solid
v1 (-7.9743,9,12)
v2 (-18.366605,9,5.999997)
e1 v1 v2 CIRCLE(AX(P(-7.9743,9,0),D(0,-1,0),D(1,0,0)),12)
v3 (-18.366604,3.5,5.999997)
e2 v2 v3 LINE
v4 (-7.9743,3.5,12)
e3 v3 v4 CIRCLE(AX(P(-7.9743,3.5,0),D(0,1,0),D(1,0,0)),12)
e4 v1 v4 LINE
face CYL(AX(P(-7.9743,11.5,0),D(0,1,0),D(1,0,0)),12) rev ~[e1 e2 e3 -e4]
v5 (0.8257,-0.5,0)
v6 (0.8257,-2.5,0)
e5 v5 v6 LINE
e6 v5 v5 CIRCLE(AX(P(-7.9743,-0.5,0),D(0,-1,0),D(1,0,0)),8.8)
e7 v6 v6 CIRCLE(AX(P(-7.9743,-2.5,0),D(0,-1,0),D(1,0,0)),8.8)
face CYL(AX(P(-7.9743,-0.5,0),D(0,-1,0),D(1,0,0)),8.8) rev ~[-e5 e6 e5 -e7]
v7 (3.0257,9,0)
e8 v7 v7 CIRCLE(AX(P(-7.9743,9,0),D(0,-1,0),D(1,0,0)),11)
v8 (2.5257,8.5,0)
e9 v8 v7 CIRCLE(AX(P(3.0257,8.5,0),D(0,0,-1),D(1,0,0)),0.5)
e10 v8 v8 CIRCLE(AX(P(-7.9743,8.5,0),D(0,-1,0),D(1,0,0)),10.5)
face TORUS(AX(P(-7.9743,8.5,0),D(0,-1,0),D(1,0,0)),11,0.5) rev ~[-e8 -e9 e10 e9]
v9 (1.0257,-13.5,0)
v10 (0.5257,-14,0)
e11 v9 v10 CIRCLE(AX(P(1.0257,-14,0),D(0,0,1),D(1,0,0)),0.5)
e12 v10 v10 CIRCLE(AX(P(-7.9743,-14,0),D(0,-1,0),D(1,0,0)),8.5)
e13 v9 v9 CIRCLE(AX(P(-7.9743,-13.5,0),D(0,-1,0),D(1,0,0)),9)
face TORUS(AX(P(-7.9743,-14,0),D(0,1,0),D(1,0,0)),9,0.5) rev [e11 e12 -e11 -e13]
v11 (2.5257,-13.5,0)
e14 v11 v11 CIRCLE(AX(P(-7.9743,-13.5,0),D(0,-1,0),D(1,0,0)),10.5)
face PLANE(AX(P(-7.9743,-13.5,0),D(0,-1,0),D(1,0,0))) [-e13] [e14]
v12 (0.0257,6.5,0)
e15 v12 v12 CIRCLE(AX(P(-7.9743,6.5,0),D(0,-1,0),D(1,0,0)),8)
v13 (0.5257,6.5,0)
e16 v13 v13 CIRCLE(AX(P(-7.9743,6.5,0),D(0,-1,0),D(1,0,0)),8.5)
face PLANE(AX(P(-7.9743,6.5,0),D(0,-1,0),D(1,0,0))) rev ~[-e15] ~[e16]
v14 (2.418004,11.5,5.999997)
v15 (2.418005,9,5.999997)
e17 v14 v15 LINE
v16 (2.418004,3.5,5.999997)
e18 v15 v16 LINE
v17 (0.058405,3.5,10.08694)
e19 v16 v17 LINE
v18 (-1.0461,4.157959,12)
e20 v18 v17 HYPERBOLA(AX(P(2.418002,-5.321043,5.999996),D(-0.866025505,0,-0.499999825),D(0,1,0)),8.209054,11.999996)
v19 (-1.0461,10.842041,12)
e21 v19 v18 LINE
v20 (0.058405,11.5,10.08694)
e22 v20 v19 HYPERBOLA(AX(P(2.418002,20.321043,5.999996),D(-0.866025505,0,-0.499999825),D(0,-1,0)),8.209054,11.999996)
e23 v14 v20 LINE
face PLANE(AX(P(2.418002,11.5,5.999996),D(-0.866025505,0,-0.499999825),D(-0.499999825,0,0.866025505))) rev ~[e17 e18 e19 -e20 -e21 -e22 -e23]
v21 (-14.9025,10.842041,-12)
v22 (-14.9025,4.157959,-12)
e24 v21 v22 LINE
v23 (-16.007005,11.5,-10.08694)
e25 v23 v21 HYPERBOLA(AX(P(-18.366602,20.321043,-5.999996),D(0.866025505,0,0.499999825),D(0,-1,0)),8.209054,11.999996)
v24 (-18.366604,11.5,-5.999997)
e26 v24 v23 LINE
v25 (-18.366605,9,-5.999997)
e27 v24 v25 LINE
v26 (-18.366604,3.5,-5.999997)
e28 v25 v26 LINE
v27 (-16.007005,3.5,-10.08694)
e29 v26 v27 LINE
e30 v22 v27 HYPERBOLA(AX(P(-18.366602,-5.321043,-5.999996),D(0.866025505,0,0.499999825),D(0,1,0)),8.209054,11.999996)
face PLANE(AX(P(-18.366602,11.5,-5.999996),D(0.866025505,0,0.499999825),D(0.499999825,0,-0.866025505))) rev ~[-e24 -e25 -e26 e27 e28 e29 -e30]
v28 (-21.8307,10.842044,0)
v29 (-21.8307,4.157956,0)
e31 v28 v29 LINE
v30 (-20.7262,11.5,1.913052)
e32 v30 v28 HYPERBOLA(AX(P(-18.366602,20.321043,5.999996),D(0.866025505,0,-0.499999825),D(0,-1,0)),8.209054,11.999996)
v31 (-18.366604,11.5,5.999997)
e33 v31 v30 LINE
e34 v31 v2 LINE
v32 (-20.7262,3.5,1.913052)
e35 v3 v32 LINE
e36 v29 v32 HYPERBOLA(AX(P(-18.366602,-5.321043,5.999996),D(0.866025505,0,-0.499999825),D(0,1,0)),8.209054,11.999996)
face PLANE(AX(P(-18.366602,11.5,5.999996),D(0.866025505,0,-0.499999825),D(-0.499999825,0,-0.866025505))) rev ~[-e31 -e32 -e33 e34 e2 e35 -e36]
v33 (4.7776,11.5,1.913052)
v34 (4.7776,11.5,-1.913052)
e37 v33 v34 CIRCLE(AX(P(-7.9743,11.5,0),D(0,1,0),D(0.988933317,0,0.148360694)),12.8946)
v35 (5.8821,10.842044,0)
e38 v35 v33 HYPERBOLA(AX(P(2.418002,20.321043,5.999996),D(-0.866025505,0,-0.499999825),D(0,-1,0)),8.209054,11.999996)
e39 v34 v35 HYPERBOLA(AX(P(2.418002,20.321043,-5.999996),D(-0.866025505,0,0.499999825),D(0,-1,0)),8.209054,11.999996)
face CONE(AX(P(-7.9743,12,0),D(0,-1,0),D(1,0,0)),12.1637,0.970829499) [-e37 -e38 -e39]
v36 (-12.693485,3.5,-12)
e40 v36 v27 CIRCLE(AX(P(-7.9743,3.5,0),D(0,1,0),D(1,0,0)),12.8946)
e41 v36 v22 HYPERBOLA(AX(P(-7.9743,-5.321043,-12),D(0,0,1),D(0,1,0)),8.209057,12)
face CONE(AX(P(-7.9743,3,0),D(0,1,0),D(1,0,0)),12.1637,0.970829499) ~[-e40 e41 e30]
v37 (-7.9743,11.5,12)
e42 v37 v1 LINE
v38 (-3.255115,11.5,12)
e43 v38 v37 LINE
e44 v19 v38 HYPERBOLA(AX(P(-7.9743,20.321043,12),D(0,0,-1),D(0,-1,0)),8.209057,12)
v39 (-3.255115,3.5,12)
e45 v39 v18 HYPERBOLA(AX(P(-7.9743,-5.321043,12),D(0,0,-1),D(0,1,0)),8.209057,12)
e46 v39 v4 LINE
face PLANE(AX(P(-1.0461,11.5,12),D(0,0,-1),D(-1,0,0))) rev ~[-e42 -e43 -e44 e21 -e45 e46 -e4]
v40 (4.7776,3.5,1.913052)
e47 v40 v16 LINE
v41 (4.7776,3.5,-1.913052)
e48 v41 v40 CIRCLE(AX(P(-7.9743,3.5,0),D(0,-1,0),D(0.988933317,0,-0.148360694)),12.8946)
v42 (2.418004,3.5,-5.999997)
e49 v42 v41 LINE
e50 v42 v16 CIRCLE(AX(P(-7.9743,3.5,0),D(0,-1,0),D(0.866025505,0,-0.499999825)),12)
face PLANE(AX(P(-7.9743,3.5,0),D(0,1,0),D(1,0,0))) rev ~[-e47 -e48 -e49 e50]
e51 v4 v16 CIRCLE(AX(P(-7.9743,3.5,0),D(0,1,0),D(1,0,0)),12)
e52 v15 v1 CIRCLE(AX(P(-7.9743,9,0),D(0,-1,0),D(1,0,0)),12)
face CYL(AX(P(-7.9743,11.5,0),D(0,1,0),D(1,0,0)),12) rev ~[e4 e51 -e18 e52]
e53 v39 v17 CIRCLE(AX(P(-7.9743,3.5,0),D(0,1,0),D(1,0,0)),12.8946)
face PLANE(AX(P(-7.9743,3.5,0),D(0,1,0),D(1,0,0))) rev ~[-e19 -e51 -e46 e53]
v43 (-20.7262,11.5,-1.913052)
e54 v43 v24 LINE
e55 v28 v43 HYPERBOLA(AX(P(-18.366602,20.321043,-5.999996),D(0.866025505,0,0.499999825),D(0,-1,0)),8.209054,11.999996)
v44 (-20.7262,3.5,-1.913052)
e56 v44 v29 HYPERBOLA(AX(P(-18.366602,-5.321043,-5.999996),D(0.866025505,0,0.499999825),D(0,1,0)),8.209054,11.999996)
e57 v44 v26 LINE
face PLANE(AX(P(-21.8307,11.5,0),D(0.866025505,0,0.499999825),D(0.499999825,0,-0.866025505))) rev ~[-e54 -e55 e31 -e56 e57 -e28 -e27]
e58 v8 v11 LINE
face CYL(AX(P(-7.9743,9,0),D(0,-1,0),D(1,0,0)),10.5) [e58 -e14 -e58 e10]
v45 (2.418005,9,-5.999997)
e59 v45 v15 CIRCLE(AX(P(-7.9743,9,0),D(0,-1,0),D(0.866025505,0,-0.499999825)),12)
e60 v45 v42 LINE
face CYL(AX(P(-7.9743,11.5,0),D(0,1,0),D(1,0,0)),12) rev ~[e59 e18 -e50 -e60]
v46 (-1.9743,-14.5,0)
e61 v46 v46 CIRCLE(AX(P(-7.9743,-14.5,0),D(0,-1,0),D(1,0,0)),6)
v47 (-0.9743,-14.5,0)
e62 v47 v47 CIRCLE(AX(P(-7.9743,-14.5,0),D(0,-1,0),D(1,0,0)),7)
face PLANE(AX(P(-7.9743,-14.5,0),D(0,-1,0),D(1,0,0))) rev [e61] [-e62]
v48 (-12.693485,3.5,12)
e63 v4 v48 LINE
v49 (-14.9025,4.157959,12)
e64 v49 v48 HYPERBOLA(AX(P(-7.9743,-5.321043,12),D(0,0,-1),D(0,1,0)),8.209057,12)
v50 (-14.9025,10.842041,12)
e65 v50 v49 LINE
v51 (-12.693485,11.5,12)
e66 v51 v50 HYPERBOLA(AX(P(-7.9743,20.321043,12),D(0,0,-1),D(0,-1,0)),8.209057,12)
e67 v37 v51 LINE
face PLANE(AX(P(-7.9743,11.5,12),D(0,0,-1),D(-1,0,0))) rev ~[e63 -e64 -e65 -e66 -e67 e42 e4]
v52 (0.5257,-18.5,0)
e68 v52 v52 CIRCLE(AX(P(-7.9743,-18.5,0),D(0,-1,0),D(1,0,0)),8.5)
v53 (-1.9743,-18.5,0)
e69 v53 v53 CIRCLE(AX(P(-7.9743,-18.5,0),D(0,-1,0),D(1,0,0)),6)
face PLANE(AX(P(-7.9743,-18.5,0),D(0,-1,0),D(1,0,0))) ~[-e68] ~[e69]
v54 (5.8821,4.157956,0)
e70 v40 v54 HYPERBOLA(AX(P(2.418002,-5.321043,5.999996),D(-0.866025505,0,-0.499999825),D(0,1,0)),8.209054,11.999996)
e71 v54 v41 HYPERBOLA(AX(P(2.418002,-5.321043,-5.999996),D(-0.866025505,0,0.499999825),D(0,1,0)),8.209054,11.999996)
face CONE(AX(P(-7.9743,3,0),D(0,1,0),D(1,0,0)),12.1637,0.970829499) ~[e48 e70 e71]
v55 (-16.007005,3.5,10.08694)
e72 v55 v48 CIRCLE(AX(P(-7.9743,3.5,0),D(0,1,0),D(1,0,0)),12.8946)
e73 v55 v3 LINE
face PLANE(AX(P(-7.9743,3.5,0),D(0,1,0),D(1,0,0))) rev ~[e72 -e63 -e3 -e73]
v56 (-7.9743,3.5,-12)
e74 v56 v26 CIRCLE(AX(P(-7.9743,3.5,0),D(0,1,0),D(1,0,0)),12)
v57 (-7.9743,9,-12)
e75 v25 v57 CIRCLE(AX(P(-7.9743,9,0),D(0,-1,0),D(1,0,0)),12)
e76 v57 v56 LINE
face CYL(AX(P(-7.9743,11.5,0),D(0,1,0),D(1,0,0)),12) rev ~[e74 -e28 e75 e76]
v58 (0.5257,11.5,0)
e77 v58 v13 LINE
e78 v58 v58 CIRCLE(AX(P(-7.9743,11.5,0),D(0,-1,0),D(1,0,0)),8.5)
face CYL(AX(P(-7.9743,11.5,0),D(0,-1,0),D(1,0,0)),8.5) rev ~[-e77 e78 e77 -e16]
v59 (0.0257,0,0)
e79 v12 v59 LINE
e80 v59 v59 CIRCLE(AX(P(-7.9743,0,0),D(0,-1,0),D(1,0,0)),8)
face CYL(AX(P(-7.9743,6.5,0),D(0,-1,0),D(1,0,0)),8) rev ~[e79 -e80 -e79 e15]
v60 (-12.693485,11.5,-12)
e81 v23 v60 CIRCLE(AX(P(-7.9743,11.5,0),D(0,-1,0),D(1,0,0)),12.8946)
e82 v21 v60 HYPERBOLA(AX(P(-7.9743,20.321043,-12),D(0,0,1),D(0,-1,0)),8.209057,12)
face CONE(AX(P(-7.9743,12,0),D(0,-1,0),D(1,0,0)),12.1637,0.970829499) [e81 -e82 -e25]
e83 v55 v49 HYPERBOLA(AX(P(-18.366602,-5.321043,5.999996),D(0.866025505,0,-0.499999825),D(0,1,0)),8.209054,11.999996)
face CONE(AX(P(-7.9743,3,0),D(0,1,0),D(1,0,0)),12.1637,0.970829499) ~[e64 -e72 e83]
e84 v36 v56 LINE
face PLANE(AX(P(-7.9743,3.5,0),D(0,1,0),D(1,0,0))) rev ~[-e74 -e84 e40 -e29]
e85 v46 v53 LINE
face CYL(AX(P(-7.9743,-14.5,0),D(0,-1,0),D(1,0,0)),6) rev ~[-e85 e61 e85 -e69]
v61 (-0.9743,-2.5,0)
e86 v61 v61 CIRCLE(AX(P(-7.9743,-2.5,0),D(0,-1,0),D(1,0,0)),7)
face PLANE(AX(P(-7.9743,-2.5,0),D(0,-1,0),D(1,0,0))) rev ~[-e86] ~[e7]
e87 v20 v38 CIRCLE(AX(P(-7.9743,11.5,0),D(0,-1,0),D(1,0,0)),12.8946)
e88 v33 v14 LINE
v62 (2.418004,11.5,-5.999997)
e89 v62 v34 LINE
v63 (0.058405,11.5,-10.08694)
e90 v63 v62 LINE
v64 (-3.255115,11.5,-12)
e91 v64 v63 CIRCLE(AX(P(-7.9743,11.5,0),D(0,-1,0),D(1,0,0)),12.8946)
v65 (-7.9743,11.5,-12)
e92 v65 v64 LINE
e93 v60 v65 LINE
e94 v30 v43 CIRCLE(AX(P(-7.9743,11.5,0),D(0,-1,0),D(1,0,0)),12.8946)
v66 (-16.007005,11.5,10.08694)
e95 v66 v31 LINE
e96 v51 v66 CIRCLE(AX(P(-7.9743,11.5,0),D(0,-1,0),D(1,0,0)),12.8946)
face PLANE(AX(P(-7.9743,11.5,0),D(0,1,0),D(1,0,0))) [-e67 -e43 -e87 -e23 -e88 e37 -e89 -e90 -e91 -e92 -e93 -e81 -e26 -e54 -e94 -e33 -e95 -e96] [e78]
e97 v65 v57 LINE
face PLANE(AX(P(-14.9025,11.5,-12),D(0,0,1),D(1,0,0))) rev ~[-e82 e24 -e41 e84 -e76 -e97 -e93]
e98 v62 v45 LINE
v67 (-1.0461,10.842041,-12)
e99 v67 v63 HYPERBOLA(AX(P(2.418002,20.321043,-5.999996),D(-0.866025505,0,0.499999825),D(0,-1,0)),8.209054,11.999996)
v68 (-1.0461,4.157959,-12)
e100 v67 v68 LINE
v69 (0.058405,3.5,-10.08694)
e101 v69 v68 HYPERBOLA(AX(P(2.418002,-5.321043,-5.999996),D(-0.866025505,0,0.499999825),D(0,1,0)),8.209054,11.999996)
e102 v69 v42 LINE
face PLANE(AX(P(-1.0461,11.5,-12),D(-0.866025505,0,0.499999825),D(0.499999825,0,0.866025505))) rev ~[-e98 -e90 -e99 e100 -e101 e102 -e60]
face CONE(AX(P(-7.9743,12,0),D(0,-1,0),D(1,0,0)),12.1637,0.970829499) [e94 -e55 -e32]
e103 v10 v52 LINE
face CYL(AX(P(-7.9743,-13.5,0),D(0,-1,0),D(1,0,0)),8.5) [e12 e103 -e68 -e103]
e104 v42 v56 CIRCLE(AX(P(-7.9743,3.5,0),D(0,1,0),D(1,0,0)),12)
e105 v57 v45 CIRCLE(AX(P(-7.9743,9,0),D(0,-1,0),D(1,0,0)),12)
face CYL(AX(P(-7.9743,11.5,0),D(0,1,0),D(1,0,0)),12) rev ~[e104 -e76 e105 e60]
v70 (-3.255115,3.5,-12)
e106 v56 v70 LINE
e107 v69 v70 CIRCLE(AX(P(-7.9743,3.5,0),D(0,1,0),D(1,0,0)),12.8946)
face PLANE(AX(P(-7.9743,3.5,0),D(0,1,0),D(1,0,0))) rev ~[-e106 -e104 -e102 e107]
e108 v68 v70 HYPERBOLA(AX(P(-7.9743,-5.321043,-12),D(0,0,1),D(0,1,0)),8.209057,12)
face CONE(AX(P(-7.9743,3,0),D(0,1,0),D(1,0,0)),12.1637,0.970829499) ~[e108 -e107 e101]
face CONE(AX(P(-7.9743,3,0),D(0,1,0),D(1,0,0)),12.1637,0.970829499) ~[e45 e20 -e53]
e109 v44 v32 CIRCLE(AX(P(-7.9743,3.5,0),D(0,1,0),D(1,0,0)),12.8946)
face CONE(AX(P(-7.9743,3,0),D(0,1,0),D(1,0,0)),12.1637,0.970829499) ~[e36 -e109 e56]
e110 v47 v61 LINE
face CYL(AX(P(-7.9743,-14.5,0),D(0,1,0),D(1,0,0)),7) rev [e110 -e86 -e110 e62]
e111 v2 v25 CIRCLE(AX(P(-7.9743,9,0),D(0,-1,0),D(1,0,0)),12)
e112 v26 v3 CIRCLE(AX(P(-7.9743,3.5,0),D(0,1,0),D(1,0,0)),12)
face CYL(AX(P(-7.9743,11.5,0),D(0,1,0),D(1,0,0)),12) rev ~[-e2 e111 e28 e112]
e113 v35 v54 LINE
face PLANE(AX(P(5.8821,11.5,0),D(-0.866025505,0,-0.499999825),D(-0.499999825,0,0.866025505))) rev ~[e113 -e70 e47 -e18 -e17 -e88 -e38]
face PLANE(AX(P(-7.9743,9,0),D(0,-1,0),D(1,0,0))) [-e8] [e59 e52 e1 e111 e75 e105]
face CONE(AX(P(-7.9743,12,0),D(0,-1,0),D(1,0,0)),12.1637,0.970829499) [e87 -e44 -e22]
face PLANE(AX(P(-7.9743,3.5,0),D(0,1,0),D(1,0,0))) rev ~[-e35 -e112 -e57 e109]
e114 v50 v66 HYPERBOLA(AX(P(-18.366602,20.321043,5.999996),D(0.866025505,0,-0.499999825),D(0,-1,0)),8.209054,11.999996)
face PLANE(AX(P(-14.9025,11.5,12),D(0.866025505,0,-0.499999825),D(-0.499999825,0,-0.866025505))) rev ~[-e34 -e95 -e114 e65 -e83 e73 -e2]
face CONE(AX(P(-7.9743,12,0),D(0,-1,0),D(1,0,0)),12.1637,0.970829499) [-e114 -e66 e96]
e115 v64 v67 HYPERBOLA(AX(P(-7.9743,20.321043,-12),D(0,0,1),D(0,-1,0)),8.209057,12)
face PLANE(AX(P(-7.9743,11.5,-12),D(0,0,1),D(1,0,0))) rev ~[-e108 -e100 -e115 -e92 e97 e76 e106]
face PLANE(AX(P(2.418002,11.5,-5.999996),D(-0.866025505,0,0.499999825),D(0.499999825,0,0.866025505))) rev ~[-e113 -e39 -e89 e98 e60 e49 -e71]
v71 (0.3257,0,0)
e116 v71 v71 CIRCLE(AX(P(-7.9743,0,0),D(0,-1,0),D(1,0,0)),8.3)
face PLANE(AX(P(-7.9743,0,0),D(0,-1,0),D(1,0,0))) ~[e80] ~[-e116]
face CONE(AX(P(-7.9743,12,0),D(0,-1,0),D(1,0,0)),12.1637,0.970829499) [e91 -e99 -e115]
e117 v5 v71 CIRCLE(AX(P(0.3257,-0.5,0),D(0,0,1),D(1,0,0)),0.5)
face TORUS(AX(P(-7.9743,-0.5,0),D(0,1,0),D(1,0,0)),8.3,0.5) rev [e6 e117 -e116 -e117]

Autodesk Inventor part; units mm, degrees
ref_plane "YZ Plane" through (0, 0, 0) normal (1, 0, 0) x (0, 1, 0)
ref_plane "XZ Plane" through (0, 0, 0) normal (0, 1, 0) x (-1, 0, 0)
sketch "Sketch1" plane through (0, 0, 0) normal (0, 0, 1) x (1, 0, 0)
  line L0 (-7.9743, 17.1273) -> (-7.9743, -10.9738)
  line L1 (4.0257, 11.5) -> (4.0257, 9)
  line L2 (4.0257, 9) -> (2.5257, 9)
  line L3 (2.5257, 9) -> (2.5257, -13.5)
  line L4 (2.5257, -13.5) -> (0.5257, -13.5)
  line L5 (0.5257, -13.5) -> (0.5257, -18.5)
  line L6 (4.0257, 11.5) -> (0.5257, 11.5)
  line L7 (0.5257, 11.5) -> (0.5257, 6.5)
  line L8 (0.5257, -2.5) -> (-0.9743, -2.5)
  line L9 (-0.9743, -2.5) -> (-0.9743, -11.3304)
  line L10 (-1.9743, -14.5) -> (-1.9743, -18.5)
  line L11 (-1.9743, -18.5) -> (0.5257, -18.5)
  line L12 (-1.9743, -14.5) -> (-0.9743, -14.5)
  line L13 (-0.9743, -14.5) -> (-0.9743, -11.3304)
  line L14 (0.0257, 6.5) -> (0.0257, 0)
  line L15 (0.5257, 6.5) -> (0.0257, 6.5)
  line L16 (0.0257, 0) -> (0.3257, 0)
  line L17 (0.8257, -0.5) -> (0.8257, -2.5)
  line L18 (0.8257, -2.5) -> (0.5257, -2.5)
  arc A0 (0.8257, -0.5) -> (0.3257, 0) centre (0.3257, -0.5) ccw
  point P0 (0.8257, 0)
  dimension "d6" = 14
  dimension "d7" = 17
  dimension "d8" = 21
  dimension "d10" = 5
  dimension "d11" = 12
  dimension "d12" = 4
  dimension "d13" = 30
  dimension "d14" = 5
  dimension "d18" = 24
  dimension "d19" = 16
  dimension "d20" = 17
  dimension "d21" = 0.8
  dimension "d22" = 2.5
  dimension "d23" = 0.5
revolve "Revolution1" add sketch "Sketch1" angle 360 about axis through (-7.9743, 17.1273, 0) along (0, -1, 0)
sketch "Sketch2" plane through (-7.9743, 11.5, 0) normal (0, 1, 0) x (1, 0, 0)
  circle A0 centre (0, 0) radius 12 projected
  line L0 (6.9282, 12) -> (13.8564, 0)
  line L1 (13.8564, 0) -> (6.9282, -12)
  line L2 (6.9282, -12) -> (-6.9282, -12)
  line L3 (-6.9282, -12) -> (-13.8564, 0)
  line L4 (-13.8564, 0) -> (-6.9282, 12)
  line L5 (-6.9282, 12) -> (6.9282, 12)
  point P0 (7.9743, 0)
  point P1 (0, 12)
extrude "Extrusion1" add sketch "Sketch2" against normal blind 8 contours A0 L0 L1 | A0 L5 L0 | L1 L2 A0 | A0 L4 L5 | L2 L3 A0 | A0 L3 L4
sketch "Sketch3" plane through (0, 0, 0) normal (0, 0, 1) x (1, 0, 0)
  line L0 (2.418, 3.5) -> (5.8821, 3.5) projected
  line L1 (-1.0461, 11.5) -> (-1.0461, 3.5) projected
  line L2 (-1.0461, 11.5) -> (5.8821, 11.5) projected
  line L3 (5.8821, 11.5) -> (5.8821, 3.5) projected
  line L4 (-21.8307, 3.5) -> (-18.3666, 3.5) projected
  line L5 (-21.8307, 11.5) -> (-21.8307, 3.5) projected
  line L6 (-21.8307, 11.5) -> (-14.9025, 11.5) projected
  line L7 (-14.9025, 11.5) -> (-14.9025, 3.5) projected
  line L8 (-7.9743, 20.7963) -> (-7.9743, 13.4843)
  line L9 (6.3821, 12) -> (4.1894, 12)
  line L10 (6.3821, 12) -> (6.3821, 10.5)
  line L11 (4.1894, 12) -> (6.3821, 10.5)
  line L12 (-18.3666, 9) -> (-18.3666, 3.5) projected
  line L13 (-18.3666, 3.5) -> (-14.9025, 3.5) projected
  line L14 (2.418, 9) -> (2.418, 3.5) projected
  line L15 (-1.0461, 3.5) -> (2.418, 3.5) projected
  point P0 (0, 0)
  dimension "d36" = 0.5
  dimension "d38" = 0.5
  dimension "d39" = 1.5
revolve "Revolution2" cut sketch "Sketch3" angle 360 about axis through (-7.9743, 20.7963, 0) along (0, -1, 0) contours L11 L2 L3 | L3 L2 L11 L9 L10
sketch "Sketch5" plane through (0, 0, 0) normal (0, 0, 1) x (1, 0, 0)
  point P0 (0, 0)
ref_plane "Work Plane2" through (-12.6935, 7.5, -12) normal (0, 1, 0) x (1, 0, 0)
mirror "Mirror2" about plane through (-12.6935, 7.5, -12) normal (0, 1, 0) of "Revolution2"
thread "Thread1" size "M16x0.75" class "6H" standard "ANSI Metric M Profile" length 9
thread "Thread2" size "M22x1.5" class "6g" standard "ANSI Metric M Profile" full length
fillet "Fillet1" radius 0.5 1 edges at (-16.4743, -13.5, 0)
fillet "Fillet2" radius 0.5 1 edges at (-18.4743, 9, 0)
properties part number "MUSAB2"
